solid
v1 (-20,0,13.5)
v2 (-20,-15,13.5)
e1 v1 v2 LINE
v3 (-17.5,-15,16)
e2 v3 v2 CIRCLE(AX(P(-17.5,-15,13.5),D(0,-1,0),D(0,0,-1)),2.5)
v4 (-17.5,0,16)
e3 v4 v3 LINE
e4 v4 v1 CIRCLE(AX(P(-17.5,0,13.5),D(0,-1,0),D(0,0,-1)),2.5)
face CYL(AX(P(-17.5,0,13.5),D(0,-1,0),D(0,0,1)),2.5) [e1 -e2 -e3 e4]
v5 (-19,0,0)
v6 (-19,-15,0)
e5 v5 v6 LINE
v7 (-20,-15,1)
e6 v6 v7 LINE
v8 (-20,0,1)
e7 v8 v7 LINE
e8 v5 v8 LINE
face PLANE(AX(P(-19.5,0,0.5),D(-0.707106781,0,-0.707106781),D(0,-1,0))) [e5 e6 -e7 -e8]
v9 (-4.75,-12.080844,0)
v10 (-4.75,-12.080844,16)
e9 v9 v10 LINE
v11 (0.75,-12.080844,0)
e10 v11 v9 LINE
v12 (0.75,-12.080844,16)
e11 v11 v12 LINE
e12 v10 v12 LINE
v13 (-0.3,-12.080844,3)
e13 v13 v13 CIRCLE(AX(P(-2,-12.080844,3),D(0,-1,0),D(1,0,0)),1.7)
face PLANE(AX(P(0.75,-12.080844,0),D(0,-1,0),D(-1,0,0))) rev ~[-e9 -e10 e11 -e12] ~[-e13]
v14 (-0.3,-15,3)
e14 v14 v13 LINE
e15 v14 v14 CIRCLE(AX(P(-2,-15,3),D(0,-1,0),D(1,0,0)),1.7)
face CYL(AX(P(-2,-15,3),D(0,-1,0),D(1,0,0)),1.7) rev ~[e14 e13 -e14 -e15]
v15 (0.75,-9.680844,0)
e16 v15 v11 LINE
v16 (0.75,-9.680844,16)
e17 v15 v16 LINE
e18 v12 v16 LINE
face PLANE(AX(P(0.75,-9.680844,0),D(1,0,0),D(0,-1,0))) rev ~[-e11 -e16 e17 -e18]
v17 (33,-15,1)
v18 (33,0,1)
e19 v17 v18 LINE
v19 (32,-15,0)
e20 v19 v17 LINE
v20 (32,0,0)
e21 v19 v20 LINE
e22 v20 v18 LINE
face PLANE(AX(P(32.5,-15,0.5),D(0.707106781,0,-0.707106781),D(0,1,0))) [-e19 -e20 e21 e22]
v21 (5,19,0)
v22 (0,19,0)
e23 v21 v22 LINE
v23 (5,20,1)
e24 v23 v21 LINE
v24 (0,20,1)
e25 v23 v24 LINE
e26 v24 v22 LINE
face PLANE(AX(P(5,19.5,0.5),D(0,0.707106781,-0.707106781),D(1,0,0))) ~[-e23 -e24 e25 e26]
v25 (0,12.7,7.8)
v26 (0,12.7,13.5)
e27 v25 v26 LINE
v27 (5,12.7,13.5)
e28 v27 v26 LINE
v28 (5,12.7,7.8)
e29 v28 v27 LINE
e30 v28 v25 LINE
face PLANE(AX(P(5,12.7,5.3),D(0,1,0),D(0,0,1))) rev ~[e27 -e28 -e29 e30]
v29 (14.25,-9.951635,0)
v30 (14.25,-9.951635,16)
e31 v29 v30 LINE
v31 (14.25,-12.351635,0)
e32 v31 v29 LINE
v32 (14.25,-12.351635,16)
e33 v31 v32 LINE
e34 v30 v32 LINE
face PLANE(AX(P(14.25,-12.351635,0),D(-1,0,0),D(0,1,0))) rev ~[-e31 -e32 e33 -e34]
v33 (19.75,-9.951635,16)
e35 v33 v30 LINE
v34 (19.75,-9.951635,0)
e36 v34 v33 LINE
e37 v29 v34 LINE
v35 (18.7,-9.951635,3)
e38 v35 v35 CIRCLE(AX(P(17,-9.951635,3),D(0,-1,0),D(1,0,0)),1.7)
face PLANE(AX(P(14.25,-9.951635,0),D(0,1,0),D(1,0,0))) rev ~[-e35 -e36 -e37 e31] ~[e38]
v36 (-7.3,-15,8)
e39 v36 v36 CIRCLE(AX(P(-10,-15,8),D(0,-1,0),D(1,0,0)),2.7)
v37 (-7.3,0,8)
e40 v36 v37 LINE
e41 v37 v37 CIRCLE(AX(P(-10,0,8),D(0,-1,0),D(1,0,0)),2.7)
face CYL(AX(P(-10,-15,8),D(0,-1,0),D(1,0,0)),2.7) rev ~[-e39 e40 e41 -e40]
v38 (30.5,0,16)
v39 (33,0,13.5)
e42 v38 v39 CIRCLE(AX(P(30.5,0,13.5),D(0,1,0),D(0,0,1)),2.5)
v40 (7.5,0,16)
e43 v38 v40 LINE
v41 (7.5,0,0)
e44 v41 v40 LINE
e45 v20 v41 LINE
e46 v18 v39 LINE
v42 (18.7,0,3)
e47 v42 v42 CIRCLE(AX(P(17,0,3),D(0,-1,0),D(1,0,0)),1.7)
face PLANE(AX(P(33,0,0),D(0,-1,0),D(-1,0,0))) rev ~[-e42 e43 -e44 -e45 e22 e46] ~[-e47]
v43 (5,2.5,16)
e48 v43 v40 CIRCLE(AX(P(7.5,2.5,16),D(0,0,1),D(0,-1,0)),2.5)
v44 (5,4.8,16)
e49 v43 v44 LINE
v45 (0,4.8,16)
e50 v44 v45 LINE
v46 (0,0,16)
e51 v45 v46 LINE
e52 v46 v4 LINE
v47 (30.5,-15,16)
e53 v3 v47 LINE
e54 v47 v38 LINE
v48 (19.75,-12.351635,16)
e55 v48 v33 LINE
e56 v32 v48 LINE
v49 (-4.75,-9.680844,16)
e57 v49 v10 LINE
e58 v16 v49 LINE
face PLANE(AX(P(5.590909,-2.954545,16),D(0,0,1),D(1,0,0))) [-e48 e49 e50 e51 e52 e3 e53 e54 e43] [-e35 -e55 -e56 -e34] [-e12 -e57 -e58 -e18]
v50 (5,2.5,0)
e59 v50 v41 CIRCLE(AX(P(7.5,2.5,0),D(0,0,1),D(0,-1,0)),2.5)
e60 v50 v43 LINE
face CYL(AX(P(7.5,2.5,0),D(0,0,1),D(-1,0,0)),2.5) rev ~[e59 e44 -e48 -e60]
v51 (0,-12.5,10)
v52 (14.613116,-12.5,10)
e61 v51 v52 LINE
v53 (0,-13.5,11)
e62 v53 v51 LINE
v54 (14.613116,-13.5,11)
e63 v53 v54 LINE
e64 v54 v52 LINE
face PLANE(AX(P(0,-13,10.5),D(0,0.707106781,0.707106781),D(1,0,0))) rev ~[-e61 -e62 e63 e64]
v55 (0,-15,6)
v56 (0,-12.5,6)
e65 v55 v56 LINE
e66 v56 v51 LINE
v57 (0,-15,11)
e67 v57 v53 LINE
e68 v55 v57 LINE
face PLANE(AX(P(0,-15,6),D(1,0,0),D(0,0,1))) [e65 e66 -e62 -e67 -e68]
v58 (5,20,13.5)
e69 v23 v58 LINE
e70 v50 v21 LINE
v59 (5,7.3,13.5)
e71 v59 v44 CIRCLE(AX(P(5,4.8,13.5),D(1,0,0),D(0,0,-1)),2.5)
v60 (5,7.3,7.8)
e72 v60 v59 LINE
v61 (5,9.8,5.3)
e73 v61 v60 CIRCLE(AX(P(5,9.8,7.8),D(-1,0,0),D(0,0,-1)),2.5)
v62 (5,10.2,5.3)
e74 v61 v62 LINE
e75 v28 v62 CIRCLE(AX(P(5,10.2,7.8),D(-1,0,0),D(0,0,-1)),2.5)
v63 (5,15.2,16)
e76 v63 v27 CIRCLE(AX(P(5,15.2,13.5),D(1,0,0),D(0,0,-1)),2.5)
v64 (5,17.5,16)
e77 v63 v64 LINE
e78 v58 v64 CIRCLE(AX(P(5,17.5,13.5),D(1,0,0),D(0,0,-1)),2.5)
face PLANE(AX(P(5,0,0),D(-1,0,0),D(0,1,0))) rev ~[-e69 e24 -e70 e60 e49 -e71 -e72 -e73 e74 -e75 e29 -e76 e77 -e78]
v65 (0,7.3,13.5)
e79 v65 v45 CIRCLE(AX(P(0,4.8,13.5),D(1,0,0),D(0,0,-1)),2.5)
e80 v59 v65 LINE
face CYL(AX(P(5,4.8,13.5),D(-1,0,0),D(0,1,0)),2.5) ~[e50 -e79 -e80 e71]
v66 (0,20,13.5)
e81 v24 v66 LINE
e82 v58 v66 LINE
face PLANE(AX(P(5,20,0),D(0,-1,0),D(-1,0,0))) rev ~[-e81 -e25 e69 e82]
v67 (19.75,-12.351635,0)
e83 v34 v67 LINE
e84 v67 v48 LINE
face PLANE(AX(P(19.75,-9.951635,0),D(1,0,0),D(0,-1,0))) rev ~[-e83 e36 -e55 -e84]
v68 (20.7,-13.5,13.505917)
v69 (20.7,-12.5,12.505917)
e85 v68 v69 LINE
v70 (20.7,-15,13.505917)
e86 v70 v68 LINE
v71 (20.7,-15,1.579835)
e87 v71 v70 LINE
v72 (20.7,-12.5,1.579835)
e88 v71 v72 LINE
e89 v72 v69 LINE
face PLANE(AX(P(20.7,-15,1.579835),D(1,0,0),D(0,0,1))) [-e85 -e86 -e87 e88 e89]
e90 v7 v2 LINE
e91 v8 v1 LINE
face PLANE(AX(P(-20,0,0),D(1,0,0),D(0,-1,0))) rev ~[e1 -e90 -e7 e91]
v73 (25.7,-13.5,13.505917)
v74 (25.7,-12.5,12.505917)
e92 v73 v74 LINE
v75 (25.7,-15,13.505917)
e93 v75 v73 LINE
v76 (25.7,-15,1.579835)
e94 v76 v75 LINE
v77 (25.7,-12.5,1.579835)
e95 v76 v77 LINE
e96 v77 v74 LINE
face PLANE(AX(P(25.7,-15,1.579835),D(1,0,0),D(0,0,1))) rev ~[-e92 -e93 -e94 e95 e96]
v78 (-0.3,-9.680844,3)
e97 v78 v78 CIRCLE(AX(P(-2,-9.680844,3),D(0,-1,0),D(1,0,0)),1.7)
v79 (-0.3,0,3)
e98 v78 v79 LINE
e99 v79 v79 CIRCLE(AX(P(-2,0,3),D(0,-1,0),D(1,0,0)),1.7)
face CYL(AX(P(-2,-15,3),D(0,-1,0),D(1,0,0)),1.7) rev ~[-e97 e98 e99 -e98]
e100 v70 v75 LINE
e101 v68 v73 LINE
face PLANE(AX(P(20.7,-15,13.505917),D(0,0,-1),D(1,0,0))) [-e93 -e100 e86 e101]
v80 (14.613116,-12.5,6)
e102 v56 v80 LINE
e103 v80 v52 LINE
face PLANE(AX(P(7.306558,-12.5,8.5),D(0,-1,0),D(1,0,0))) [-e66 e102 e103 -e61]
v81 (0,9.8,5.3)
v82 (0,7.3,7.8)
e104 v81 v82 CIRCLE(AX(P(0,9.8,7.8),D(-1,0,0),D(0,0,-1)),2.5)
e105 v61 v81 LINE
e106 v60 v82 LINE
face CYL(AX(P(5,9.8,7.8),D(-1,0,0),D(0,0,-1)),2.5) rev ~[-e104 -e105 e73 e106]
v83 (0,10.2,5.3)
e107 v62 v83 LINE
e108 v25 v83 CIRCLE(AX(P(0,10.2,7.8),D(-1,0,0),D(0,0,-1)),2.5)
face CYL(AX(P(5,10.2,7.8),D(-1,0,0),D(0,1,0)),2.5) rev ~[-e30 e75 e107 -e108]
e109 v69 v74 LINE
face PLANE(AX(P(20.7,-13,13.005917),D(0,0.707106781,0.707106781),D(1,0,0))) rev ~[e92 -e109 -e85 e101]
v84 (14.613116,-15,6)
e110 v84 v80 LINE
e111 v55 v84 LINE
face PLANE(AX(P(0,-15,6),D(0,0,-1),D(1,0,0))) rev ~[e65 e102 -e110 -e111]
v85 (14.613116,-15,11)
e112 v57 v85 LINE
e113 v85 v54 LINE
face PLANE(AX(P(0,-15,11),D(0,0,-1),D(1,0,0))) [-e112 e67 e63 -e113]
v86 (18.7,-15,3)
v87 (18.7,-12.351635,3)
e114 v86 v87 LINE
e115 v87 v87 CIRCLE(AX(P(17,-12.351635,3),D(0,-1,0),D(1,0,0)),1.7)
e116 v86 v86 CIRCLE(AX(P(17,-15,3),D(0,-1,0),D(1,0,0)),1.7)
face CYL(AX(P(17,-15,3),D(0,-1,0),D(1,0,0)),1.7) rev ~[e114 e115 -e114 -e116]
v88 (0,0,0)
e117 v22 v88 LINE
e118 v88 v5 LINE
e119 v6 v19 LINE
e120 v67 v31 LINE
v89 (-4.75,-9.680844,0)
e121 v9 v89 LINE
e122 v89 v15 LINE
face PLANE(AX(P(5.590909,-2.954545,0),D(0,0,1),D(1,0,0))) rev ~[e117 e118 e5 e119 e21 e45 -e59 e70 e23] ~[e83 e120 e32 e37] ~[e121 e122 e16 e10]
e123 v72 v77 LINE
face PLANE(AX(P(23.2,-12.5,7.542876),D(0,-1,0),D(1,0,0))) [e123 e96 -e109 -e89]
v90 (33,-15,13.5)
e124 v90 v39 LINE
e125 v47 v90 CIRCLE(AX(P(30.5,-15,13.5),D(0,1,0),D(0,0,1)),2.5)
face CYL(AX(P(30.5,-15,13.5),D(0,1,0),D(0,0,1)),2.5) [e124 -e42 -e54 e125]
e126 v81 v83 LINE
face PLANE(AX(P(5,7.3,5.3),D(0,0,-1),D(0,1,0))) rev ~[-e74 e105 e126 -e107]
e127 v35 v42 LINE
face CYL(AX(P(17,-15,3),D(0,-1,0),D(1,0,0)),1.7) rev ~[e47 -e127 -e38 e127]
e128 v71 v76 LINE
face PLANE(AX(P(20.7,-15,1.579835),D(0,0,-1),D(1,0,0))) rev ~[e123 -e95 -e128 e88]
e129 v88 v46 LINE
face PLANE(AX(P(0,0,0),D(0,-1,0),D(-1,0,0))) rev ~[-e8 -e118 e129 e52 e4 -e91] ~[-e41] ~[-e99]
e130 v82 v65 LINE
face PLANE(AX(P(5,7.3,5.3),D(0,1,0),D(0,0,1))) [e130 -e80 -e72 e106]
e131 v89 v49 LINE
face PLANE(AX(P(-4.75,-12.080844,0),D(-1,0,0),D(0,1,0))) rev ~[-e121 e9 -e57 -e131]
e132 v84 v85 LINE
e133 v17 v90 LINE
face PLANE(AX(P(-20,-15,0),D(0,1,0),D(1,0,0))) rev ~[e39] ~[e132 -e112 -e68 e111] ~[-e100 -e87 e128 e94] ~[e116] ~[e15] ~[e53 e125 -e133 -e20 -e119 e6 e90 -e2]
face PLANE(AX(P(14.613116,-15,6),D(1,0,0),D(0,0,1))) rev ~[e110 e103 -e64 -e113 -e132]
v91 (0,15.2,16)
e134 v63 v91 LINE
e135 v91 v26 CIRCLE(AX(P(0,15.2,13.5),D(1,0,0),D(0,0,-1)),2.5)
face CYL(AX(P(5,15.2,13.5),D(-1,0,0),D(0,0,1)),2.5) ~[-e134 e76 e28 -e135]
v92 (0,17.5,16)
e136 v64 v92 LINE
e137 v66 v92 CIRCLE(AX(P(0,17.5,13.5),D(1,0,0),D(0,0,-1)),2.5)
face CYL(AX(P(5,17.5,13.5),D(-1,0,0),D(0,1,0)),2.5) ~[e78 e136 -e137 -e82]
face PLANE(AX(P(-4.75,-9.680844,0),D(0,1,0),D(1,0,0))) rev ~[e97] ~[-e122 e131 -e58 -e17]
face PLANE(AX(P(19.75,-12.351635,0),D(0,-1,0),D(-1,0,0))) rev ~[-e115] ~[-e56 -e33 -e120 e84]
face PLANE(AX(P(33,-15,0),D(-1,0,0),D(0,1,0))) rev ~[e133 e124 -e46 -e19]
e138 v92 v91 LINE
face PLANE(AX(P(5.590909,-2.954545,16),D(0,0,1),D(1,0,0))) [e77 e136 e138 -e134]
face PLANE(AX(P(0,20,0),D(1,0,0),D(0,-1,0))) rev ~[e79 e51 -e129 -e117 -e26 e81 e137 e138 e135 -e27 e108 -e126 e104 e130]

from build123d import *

# Parameters (mm, degrees)
F1_DEPTH  = 16
F2_R      = 1.7
F3_DEPTH  = 25
F5_DEPTH  = 25
F2_W      = 14.61311616
F2_H      = 5
F2_W_2    = 5
F2_H_2    = 11.9260823121
F6_DEPTH  = 2.5
F7_W      = 5.4
F7_H      = 10.7
F8_DEPTH  = 25
F9_R      = 2.5
F10_SIZE  = 1
F2_R_2    = 2.7
F11_DEPTH = 25


with BuildPart() as f1:
    # F0 (on Top) → F1 (new body)
    with BuildSketch(Plane.XY):
        Polygon((5, 20), (0, 20), (0, 0), (-20, 0), (-20, -15), (33, -15), (33, 0), (5, 0), align=None)
    extrude(amount=F1_DEPTH)

    # F2 (on face) → F3 (cut)
    with BuildSketch(Plane.XZ.offset(15)):
        with Locations((17, 3)):
            Circle(F2_R)
        with Locations((-2, 3)):
            Circle(F2_R)
    extrude(amount=-F3_DEPTH, mode=Mode.SUBTRACT)

    # F4 (on face) → F5 (cut)
    with BuildSketch(Plane(origin=(0, 0, 0), x_dir=(1, 0, 0), z_dir=(0, 0, -1))):
        Polygon((19.75, 12.3516352639), (17, 12.3516352639), (14.25, 12.3516352639), (14.25, 9.9516352639), (17, 9.9516352639), (19.75, 9.9516352639), align=None)
        Polygon((0.75, 12.0808439121), (-2, 12.0808439121), (-4.75, 12.0808439121), (-4.75, 9.6808439121), (-2, 9.6808439121), (0.75, 9.6808439121), align=None)
    extrude(amount=-F5_DEPTH, mode=Mode.SUBTRACT)

    # F2 (on face) → F6 (cut)
    with BuildSketch(Plane.XZ.offset(15)):
        with Locations((7.30655808, 8.5)):
            Rectangle(F2_W, F2_H)
        with Locations((23.2, 7.5428758864)):
            Rectangle(F2_W_2, F2_H_2)
    extrude(amount=-F6_DEPTH, mode=Mode.SUBTRACT)

    # F7 (on face) → F8 (cut)
    with BuildSketch(Plane.YZ.offset(5)):
        with Locations((10, 10.65)):
            Rectangle(F7_W, F7_H)
    extrude(amount=-F8_DEPTH, mode=Mode.SUBTRACT)

    # F9
    f9_edges = [f1.edges().sort_by_distance(p)[0] for p in [
        (2.5, 7.3, 5.3),
        (2.5, 12.7, 5.3),
        (2.5, 20, 16),
        (-20, -7.5, 16),
        (33, -7.5, 16),
        (2.5, 12.7, 16),
        (2.5, 7.3, 16),
        (5, 0, 8),
    ]]
    fillet(f9_edges, radius=F9_R)

    # F10
    f10_edges = [f1.edges().sort_by_distance(p)[0] for p in [
        (7.306558, -12.5, 11),
        (23.2, -12.5, 13.505917),
        (33, -7.5, 0),
        (-20, -7.5, 0),
        (2.5, 20, 0),
    ]]
    chamfer(f10_edges, length=F10_SIZE)

    # F2 (on face) → F11 (cut)
    with BuildSketch(Plane.XZ.offset(15)):
        with Locations((-10, 8)):
            Circle(F2_R_2)
    extrude(amount=-F11_DEPTH, mode=Mode.SUBTRACT)


solid = f1.part
